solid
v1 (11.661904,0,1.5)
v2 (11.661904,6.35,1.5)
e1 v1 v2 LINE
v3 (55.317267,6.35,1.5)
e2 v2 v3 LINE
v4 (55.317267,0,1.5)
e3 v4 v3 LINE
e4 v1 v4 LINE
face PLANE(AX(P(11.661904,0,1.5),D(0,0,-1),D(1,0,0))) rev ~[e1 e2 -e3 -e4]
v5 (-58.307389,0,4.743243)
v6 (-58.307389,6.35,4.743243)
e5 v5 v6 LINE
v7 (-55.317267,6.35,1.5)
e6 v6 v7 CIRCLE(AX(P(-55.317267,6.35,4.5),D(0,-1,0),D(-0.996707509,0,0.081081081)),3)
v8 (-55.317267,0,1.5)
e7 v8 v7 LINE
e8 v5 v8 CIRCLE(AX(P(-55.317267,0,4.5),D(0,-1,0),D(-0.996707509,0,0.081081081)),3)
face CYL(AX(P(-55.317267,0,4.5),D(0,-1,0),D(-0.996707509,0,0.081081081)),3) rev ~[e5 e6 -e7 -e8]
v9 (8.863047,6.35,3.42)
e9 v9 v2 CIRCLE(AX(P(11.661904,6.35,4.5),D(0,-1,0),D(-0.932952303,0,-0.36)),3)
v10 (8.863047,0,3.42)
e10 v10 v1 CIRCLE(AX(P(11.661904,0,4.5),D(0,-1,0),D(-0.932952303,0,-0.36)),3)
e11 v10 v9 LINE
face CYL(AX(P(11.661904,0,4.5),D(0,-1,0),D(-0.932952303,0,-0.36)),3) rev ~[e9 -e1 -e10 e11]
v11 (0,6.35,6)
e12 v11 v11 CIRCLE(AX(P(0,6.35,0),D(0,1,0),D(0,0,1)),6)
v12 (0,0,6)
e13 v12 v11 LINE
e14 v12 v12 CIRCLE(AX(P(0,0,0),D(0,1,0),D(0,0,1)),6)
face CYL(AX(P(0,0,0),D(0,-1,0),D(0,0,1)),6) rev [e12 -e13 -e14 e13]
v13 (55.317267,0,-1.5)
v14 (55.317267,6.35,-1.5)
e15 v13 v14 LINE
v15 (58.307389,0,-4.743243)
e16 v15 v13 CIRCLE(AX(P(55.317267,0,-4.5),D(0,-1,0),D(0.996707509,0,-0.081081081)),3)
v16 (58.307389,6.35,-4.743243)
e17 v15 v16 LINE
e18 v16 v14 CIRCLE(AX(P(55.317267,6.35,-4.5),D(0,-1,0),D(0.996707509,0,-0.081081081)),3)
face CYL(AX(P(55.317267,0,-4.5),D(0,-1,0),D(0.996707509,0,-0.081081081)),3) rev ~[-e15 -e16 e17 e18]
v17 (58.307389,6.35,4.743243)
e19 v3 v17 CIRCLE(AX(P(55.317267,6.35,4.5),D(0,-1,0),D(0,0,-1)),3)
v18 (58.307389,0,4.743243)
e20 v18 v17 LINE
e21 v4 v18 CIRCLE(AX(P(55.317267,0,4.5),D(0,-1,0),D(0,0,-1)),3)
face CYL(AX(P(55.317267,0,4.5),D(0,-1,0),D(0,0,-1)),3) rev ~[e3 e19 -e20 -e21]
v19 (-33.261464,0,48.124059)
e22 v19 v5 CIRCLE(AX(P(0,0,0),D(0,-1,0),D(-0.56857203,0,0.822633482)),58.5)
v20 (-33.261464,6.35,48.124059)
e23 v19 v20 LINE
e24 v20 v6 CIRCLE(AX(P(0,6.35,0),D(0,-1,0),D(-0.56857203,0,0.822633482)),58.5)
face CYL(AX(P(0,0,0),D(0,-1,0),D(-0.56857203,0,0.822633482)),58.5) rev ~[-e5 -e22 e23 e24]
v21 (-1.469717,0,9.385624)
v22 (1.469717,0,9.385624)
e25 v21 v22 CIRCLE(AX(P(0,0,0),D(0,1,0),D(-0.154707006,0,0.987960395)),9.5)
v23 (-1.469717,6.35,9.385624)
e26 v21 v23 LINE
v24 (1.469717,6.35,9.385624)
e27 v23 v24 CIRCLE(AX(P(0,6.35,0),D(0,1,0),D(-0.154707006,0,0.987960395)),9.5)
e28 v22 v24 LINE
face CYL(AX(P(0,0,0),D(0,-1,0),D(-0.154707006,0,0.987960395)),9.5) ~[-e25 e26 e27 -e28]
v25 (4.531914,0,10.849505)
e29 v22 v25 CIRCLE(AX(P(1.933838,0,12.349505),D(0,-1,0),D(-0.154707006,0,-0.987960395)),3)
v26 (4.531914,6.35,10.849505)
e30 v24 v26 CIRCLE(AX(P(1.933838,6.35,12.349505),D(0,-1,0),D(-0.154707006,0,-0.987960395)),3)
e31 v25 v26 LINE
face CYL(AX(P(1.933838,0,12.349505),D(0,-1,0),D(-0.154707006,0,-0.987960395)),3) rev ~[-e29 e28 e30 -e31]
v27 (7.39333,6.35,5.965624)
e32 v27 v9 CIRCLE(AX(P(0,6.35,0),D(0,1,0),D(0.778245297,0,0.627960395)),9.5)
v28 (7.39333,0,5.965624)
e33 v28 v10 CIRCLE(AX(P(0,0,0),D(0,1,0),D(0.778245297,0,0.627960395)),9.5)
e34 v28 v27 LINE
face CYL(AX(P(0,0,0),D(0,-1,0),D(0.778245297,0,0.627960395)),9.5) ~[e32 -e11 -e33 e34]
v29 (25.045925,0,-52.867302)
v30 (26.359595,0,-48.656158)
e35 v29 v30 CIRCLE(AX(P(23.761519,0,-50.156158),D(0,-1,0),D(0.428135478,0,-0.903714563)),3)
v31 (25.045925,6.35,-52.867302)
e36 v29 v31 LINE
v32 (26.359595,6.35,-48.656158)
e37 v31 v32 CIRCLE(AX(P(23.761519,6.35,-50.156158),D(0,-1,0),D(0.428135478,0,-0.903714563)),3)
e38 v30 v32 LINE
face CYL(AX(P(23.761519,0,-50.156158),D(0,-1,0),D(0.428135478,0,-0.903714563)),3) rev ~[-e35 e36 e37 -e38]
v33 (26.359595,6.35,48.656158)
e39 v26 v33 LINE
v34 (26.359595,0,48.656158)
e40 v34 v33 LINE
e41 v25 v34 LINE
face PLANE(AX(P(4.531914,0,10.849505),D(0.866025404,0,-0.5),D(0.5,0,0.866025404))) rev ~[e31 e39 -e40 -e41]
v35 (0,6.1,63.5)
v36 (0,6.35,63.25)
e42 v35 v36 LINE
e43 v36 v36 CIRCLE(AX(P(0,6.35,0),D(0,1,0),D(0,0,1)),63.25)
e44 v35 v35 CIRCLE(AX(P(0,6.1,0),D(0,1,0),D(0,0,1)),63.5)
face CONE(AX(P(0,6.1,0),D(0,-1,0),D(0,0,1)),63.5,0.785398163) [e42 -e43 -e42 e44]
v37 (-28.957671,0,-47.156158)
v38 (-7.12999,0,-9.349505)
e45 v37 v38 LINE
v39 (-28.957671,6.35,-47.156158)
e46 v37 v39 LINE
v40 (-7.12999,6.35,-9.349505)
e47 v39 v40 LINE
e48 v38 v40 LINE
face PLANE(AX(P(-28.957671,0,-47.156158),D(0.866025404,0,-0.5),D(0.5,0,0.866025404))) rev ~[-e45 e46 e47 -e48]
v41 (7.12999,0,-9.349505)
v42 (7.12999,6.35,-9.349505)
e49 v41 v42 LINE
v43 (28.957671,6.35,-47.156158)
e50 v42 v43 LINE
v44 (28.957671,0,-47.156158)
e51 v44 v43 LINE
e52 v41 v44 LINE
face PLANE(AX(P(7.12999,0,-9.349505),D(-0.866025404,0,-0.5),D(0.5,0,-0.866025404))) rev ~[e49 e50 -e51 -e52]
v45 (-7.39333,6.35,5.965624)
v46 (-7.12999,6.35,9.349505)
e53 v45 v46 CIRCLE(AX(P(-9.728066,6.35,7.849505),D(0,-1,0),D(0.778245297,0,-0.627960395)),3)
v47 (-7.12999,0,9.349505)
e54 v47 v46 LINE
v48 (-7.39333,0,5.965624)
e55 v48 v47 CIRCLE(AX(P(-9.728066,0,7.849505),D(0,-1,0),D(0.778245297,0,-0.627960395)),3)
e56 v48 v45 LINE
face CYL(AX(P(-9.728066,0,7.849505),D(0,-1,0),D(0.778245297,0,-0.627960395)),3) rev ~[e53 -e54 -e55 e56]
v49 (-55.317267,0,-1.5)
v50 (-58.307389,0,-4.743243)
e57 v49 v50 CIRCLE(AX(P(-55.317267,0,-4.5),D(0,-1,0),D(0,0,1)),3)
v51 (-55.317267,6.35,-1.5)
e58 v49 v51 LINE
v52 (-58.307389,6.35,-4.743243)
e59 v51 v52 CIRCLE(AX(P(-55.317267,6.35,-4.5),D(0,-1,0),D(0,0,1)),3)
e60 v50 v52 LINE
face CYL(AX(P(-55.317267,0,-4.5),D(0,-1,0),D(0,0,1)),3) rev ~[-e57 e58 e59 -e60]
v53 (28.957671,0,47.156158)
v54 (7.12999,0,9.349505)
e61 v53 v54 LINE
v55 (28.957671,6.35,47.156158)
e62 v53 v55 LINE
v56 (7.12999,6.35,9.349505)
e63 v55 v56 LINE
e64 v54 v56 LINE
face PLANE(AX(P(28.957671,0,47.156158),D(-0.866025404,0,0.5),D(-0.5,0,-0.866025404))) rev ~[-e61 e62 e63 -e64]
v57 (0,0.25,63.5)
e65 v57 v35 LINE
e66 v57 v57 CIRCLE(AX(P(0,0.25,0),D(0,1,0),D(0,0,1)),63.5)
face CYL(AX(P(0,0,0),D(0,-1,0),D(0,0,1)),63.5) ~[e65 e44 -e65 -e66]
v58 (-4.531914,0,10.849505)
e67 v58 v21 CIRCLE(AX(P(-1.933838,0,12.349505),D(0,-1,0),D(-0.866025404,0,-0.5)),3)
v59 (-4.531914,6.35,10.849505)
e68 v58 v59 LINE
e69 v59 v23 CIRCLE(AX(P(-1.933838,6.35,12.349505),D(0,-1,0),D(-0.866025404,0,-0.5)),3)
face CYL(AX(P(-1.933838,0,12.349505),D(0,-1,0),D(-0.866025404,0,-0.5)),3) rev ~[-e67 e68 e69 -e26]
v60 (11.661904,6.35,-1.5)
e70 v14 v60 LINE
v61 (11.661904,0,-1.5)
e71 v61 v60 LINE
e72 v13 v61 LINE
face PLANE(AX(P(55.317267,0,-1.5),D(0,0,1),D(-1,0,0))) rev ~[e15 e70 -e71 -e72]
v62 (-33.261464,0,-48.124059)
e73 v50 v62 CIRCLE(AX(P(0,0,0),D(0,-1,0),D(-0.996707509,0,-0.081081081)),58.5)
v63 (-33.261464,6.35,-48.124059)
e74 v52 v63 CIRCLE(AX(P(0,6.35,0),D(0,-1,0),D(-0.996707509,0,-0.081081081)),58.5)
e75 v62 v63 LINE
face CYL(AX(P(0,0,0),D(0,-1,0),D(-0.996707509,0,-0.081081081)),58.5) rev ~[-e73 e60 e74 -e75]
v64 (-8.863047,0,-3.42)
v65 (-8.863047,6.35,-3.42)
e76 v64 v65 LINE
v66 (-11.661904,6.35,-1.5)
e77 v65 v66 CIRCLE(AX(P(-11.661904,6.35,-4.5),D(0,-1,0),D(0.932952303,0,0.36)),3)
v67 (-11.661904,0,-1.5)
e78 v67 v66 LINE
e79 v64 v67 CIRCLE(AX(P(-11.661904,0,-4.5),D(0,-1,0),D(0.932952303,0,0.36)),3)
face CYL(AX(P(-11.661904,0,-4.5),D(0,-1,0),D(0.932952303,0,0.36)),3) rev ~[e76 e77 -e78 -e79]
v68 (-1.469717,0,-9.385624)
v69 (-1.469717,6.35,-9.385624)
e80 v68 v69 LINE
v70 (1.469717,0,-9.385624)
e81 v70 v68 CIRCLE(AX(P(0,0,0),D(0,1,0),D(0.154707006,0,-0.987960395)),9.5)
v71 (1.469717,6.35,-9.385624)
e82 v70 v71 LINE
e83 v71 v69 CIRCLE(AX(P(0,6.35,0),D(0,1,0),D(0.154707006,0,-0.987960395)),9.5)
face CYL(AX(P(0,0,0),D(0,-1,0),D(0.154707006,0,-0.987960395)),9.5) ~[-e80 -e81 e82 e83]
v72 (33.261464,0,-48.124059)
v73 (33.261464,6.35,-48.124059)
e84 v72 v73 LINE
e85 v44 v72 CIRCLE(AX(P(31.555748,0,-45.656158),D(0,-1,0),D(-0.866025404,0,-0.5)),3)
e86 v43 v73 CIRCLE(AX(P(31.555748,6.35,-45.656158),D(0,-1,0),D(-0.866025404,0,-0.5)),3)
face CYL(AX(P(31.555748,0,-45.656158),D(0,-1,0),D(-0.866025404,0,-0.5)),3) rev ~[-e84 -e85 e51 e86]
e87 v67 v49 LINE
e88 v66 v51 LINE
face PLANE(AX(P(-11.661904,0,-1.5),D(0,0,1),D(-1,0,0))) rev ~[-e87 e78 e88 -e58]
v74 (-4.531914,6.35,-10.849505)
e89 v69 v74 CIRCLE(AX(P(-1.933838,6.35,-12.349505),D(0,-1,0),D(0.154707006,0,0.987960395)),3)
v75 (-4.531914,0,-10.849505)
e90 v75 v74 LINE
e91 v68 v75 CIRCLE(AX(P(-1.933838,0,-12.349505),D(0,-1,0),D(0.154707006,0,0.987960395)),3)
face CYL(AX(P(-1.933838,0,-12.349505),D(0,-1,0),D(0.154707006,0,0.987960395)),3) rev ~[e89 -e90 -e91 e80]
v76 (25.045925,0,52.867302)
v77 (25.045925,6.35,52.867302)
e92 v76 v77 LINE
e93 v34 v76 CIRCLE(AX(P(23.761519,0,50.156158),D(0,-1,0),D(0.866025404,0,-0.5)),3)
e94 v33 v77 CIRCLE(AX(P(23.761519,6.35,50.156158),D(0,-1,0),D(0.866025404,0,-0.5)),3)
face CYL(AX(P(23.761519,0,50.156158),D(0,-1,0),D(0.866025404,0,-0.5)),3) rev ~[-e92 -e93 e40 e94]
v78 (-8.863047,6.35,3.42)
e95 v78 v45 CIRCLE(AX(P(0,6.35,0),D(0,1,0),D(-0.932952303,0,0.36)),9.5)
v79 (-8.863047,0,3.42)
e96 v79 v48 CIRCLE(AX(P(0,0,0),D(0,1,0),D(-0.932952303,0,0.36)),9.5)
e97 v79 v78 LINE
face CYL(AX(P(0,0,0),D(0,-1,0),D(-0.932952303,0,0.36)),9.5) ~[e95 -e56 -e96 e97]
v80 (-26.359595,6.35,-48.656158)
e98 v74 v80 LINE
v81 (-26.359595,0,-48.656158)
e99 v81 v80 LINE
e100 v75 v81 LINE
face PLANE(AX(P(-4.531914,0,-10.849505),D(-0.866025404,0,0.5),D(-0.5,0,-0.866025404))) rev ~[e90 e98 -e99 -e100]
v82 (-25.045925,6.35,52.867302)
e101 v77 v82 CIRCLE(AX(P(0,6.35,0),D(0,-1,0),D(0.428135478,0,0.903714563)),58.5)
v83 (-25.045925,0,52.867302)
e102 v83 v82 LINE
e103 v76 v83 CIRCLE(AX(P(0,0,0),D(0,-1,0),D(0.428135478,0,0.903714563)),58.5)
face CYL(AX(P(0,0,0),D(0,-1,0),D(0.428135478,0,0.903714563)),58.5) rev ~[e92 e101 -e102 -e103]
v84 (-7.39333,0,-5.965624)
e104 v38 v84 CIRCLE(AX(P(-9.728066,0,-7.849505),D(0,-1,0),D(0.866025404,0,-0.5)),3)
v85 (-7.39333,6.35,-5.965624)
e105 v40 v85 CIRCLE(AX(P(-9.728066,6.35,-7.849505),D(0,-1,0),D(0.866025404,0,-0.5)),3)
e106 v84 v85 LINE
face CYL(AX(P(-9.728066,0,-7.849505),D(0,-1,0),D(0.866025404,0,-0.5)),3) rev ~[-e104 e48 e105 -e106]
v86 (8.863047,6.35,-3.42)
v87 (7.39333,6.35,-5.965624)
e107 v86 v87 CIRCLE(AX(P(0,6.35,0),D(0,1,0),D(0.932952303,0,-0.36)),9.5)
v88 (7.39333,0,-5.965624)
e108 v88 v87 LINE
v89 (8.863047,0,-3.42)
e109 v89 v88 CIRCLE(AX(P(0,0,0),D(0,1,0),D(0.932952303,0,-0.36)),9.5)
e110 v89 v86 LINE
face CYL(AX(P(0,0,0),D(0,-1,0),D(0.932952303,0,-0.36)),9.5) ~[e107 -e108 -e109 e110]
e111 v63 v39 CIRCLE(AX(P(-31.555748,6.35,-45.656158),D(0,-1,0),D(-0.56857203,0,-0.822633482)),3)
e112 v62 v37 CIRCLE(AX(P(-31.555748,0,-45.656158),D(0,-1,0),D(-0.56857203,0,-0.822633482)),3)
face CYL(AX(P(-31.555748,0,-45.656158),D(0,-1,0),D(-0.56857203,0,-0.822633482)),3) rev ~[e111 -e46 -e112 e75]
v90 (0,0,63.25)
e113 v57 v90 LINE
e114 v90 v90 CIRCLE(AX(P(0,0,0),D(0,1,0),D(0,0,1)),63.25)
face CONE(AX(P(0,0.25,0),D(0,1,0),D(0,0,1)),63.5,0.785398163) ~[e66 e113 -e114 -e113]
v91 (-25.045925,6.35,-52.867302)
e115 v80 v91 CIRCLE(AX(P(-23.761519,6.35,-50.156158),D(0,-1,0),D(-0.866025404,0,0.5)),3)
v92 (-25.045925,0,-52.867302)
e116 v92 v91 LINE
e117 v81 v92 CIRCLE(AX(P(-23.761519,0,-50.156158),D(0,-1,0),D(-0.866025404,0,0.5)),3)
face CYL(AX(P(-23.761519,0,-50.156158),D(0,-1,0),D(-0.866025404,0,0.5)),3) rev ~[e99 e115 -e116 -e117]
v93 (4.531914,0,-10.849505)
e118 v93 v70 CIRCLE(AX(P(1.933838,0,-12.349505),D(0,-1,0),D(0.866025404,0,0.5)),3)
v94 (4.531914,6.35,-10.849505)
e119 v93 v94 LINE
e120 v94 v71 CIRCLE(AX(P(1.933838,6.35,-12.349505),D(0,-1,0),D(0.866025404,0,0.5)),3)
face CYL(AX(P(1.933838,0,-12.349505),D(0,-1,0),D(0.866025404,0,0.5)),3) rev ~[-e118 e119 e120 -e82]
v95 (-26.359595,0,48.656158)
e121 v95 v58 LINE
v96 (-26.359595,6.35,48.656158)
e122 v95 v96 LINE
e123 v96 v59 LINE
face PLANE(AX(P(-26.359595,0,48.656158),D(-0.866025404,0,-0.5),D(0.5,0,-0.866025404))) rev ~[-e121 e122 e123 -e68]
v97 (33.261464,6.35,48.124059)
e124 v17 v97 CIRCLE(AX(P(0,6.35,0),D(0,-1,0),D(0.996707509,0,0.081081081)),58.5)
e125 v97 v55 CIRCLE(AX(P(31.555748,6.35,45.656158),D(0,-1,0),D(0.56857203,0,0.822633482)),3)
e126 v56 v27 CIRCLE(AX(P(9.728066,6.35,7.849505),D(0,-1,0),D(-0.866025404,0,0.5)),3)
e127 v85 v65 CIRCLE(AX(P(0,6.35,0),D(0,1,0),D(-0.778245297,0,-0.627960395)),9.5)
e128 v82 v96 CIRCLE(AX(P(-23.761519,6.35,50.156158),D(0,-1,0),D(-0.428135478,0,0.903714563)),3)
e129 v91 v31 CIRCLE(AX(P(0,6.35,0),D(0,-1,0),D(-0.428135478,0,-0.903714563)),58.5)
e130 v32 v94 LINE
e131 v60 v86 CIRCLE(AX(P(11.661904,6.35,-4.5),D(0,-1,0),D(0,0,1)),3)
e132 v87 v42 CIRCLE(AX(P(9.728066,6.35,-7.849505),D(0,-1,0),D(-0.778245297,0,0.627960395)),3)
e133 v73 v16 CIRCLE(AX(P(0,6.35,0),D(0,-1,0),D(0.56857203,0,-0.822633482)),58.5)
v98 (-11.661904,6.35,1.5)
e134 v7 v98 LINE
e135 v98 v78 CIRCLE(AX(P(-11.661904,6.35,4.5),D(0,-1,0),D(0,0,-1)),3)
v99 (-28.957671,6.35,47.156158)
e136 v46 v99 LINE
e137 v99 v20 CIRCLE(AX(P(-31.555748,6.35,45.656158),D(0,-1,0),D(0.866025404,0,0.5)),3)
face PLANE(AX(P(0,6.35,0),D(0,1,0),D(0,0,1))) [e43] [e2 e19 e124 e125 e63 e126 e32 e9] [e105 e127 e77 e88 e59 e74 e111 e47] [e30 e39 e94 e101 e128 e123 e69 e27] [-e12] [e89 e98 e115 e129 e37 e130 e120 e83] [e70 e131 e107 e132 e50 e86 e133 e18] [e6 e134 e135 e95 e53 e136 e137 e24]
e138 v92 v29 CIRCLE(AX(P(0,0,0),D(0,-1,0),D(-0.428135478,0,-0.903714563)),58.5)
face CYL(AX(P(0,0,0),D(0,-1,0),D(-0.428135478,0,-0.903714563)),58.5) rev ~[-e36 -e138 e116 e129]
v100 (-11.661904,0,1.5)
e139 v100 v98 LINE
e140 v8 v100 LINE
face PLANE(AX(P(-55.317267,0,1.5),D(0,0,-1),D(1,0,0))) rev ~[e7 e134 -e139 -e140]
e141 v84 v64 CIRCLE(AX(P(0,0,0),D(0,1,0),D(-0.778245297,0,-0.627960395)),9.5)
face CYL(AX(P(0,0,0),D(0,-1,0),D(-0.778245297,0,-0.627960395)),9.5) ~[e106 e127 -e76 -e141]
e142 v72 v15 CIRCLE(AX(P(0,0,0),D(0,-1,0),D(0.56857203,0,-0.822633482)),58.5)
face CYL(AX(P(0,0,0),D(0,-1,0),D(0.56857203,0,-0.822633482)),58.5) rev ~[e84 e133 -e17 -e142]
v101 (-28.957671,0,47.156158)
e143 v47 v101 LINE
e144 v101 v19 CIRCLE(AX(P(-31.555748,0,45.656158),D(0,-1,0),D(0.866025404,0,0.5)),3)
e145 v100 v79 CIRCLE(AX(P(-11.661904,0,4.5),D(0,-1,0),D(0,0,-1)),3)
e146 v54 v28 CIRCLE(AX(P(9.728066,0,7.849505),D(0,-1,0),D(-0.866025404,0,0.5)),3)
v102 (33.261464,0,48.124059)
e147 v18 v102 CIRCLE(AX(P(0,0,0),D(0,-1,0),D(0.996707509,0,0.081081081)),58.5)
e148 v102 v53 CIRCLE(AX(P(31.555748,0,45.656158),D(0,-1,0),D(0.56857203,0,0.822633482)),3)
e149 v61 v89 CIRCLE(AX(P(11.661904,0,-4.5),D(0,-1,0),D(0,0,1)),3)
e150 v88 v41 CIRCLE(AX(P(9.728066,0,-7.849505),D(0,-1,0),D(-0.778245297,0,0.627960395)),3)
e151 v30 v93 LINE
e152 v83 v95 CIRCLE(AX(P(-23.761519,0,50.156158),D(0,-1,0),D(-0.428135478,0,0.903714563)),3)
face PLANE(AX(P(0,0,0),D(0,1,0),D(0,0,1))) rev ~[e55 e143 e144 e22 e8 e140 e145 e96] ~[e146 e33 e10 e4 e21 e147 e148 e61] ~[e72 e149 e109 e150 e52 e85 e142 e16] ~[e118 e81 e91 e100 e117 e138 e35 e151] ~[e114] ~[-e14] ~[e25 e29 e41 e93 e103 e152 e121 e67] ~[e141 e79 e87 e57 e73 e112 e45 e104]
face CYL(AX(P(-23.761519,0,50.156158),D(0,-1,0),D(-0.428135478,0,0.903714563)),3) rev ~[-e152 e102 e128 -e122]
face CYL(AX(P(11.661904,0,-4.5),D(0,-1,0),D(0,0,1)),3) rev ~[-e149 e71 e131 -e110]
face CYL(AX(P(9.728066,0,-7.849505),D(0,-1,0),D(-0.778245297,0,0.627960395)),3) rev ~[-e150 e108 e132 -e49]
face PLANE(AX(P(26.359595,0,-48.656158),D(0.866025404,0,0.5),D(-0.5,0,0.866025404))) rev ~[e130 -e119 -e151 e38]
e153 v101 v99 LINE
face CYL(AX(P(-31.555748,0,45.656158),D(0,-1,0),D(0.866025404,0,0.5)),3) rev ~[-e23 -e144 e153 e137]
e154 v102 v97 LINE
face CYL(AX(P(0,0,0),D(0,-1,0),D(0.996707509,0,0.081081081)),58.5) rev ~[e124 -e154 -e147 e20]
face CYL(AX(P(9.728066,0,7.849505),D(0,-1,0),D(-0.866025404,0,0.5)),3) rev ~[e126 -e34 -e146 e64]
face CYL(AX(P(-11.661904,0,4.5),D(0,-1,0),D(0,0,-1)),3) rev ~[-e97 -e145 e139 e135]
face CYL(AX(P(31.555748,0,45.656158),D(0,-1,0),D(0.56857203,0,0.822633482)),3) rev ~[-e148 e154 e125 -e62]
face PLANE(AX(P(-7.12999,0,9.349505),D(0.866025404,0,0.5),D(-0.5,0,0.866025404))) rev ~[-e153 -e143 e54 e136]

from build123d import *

# Parameters (mm, degrees)
SKETCH1_R           = 63.5
SKETCH1_R_2         = 6
BOSS_EXTRUDE3_DEPTH = 6.35
CHAMFER2_SIZE       = 0.25


with BuildPart() as part:
    # Sketch1 → Boss-Extrude3 (new body)
    with BuildSketch(Plane(origin=(0, 0, 0), x_dir=(1, 0, 0), z_dir=(0, 1, 0))):
        Circle(SKETCH1_R)
        Circle(SKETCH1_R_2, mode=Mode.SUBTRACT)
        with BuildLine():
            Line((-4.531913789, 10.849504938), (-26.359595266, 48.656158268))
            ThreePointArc((-26.359595266, 48.656158268), (-26.62540639, 51.049550304), (-25.04592549, 52.867301958))
            ThreePointArc((-25.04592549, 52.867301958), (0, 58.5), (25.04592549, 52.867301958))
            ThreePointArc((25.04592549, 52.867301958), (26.62540639, 51.049550304), (26.359595266, 48.656158268))
            Line((26.359595266, 48.656158268), (4.531913789, 10.849504938))
            ThreePointArc((4.531913789, 10.849504938), (3.227737969, 9.642879405), (1.469716559, 9.385623753))
            ThreePointArc((1.469716559, 9.385623753), (0, 9.5), (-1.469716559, 9.385623753))
            ThreePointArc((-1.469716559, 9.385623753), (-3.227737969, 9.642879405), (-4.531913789, 10.849504938))
        make_face(mode=Mode.SUBTRACT)
        with BuildLine():
            Line((7.129990001, 9.349504938), (28.957671478, 47.156158268))
            ThreePointArc((28.957671478, 47.156158268), (30.89750422, 48.583053472), (33.26146378, 48.124058715))
            ThreePointArc((33.26146378, 48.124058715), (50.662486121, 29.25), (58.30738927, 4.743243243))
            ThreePointArc((58.30738927, 4.743243243), (57.52291061, 2.466496832), (55.317266744, 1.5))
            Line((55.317266744, 1.5), (11.66190379, 1.5))
            ThreePointArc((11.66190379, 1.5), (9.964847515, 2.026136625), (8.86304688, 3.42))
            ThreePointArc((8.86304688, 3.42), (8.227241336, 4.75), (7.393330321, 5.965623753))
            ThreePointArc((7.393330321, 5.965623753), (6.737109546, 7.61674278), (7.129990001, 9.349504938))
        make_face(mode=Mode.SUBTRACT)
        with BuildLine():
            Line((11.66190379, -1.5), (55.317266744, -1.5))
            ThreePointArc((55.317266744, -1.5), (57.52291061, -2.466496832), (58.30738927, -4.743243243))
            ThreePointArc((58.30738927, -4.743243243), (50.662486121, -29.25), (33.26146378, -48.124058715))
            ThreePointArc((33.26146378, -48.124058715), (30.89750422, -48.583053472), (28.957671478, -47.156158268))
            Line((28.957671478, -47.156158268), (7.129990001, -9.349504938))
            ThreePointArc((7.129990001, -9.349504938), (6.737109546, -7.61674278), (7.393330321, -5.965623753))
            ThreePointArc((7.393330321, -5.965623753), (8.227241336, -4.75), (8.86304688, -3.42))
            ThreePointArc((8.86304688, -3.42), (9.964847515, -2.026136625), (11.66190379, -1.5))
        make_face(mode=Mode.SUBTRACT)
        with BuildLine():
            Line((4.531913789, -10.849504938), (26.359595266, -48.656158268))
            ThreePointArc((26.359595266, -48.656158268), (26.62540639, -51.049550304), (25.04592549, -52.867301958))
            ThreePointArc((25.04592549, -52.867301958), (0, -58.5), (-25.04592549, -52.867301958))
            ThreePointArc((-25.04592549, -52.867301958), (-26.62540639, -51.049550304), (-26.359595266, -48.656158268))
            Line((-26.359595266, -48.656158268), (-4.531913789, -10.849504938))
            ThreePointArc((-4.531913789, -10.849504938), (-3.227737969, -9.642879405), (-1.469716559, -9.385623753))
            ThreePointArc((-1.469716559, -9.385623753), (0, -9.5), (1.469716559, -9.385623753))
            ThreePointArc((1.469716559, -9.385623753), (3.227737969, -9.642879405), (4.531913789, -10.849504938))
        make_face(mode=Mode.SUBTRACT)
        with BuildLine():
            Line((-7.129990001, -9.349504938), (-28.957671478, -47.156158268))
            ThreePointArc((-28.957671478, -47.156158268), (-30.89750422, -48.583053472), (-33.26146378, -48.124058715))
            ThreePointArc((-33.26146378, -48.124058715), (-50.662486121, -29.25), (-58.30738927, -4.743243243))
            ThreePointArc((-58.30738927, -4.743243243), (-57.52291061, -2.466496832), (-55.317266744, -1.5))
            Line((-55.317266744, -1.5), (-11.66190379, -1.5))
            ThreePointArc((-11.66190379, -1.5), (-9.964847515, -2.026136625), (-8.86304688, -3.42))
            ThreePointArc((-8.86304688, -3.42), (-8.227241336, -4.75), (-7.393330321, -5.965623753))
            ThreePointArc((-7.393330321, -5.965623753), (-6.737109546, -7.61674278), (-7.129990001, -9.349504938))
        make_face(mode=Mode.SUBTRACT)
        with BuildLine():
            Line((-11.66190379, 1.5), (-55.317266744, 1.5))
            ThreePointArc((-55.317266744, 1.5), (-57.52291061, 2.466496832), (-58.30738927, 4.743243243))
            ThreePointArc((-58.30738927, 4.743243243), (-50.662486121, 29.25), (-33.26146378, 48.124058715))
            ThreePointArc((-33.26146378, 48.124058715), (-30.89750422, 48.583053472), (-28.957671478, 47.156158268))
            Line((-28.957671478, 47.156158268), (-7.129990001, 9.349504938))
            ThreePointArc((-7.129990001, 9.349504938), (-6.737109546, 7.61674278), (-7.393330321, 5.965623753))
            ThreePointArc((-7.393330321, 5.965623753), (-8.227241336, 4.75), (-8.86304688, 3.42))
            ThreePointArc((-8.86304688, 3.42), (-9.964847515, 2.026136625), (-11.66190379, 1.5))
        make_face(mode=Mode.SUBTRACT)
    extrude(amount=BOSS_EXTRUDE3_DEPTH)

    # Chamfer2
    chamfer2_edges = [part.edges().sort_by_distance(p)[0] for p in [
        (-63.5, 6.35, 0),
        (-63.5, 6.35, 0),
        (-63.5, 6.35, 0),
        (-63.5, 6.35, 0),
        (-63.5, 0, 0),
        (-63.5, 0, 0),
        (-63.5, 0, 0),
        (-63.5, 0, 0),
    ]]
    chamfer(chamfer2_edges, length=CHAMFER2_SIZE)


solid = part.part
